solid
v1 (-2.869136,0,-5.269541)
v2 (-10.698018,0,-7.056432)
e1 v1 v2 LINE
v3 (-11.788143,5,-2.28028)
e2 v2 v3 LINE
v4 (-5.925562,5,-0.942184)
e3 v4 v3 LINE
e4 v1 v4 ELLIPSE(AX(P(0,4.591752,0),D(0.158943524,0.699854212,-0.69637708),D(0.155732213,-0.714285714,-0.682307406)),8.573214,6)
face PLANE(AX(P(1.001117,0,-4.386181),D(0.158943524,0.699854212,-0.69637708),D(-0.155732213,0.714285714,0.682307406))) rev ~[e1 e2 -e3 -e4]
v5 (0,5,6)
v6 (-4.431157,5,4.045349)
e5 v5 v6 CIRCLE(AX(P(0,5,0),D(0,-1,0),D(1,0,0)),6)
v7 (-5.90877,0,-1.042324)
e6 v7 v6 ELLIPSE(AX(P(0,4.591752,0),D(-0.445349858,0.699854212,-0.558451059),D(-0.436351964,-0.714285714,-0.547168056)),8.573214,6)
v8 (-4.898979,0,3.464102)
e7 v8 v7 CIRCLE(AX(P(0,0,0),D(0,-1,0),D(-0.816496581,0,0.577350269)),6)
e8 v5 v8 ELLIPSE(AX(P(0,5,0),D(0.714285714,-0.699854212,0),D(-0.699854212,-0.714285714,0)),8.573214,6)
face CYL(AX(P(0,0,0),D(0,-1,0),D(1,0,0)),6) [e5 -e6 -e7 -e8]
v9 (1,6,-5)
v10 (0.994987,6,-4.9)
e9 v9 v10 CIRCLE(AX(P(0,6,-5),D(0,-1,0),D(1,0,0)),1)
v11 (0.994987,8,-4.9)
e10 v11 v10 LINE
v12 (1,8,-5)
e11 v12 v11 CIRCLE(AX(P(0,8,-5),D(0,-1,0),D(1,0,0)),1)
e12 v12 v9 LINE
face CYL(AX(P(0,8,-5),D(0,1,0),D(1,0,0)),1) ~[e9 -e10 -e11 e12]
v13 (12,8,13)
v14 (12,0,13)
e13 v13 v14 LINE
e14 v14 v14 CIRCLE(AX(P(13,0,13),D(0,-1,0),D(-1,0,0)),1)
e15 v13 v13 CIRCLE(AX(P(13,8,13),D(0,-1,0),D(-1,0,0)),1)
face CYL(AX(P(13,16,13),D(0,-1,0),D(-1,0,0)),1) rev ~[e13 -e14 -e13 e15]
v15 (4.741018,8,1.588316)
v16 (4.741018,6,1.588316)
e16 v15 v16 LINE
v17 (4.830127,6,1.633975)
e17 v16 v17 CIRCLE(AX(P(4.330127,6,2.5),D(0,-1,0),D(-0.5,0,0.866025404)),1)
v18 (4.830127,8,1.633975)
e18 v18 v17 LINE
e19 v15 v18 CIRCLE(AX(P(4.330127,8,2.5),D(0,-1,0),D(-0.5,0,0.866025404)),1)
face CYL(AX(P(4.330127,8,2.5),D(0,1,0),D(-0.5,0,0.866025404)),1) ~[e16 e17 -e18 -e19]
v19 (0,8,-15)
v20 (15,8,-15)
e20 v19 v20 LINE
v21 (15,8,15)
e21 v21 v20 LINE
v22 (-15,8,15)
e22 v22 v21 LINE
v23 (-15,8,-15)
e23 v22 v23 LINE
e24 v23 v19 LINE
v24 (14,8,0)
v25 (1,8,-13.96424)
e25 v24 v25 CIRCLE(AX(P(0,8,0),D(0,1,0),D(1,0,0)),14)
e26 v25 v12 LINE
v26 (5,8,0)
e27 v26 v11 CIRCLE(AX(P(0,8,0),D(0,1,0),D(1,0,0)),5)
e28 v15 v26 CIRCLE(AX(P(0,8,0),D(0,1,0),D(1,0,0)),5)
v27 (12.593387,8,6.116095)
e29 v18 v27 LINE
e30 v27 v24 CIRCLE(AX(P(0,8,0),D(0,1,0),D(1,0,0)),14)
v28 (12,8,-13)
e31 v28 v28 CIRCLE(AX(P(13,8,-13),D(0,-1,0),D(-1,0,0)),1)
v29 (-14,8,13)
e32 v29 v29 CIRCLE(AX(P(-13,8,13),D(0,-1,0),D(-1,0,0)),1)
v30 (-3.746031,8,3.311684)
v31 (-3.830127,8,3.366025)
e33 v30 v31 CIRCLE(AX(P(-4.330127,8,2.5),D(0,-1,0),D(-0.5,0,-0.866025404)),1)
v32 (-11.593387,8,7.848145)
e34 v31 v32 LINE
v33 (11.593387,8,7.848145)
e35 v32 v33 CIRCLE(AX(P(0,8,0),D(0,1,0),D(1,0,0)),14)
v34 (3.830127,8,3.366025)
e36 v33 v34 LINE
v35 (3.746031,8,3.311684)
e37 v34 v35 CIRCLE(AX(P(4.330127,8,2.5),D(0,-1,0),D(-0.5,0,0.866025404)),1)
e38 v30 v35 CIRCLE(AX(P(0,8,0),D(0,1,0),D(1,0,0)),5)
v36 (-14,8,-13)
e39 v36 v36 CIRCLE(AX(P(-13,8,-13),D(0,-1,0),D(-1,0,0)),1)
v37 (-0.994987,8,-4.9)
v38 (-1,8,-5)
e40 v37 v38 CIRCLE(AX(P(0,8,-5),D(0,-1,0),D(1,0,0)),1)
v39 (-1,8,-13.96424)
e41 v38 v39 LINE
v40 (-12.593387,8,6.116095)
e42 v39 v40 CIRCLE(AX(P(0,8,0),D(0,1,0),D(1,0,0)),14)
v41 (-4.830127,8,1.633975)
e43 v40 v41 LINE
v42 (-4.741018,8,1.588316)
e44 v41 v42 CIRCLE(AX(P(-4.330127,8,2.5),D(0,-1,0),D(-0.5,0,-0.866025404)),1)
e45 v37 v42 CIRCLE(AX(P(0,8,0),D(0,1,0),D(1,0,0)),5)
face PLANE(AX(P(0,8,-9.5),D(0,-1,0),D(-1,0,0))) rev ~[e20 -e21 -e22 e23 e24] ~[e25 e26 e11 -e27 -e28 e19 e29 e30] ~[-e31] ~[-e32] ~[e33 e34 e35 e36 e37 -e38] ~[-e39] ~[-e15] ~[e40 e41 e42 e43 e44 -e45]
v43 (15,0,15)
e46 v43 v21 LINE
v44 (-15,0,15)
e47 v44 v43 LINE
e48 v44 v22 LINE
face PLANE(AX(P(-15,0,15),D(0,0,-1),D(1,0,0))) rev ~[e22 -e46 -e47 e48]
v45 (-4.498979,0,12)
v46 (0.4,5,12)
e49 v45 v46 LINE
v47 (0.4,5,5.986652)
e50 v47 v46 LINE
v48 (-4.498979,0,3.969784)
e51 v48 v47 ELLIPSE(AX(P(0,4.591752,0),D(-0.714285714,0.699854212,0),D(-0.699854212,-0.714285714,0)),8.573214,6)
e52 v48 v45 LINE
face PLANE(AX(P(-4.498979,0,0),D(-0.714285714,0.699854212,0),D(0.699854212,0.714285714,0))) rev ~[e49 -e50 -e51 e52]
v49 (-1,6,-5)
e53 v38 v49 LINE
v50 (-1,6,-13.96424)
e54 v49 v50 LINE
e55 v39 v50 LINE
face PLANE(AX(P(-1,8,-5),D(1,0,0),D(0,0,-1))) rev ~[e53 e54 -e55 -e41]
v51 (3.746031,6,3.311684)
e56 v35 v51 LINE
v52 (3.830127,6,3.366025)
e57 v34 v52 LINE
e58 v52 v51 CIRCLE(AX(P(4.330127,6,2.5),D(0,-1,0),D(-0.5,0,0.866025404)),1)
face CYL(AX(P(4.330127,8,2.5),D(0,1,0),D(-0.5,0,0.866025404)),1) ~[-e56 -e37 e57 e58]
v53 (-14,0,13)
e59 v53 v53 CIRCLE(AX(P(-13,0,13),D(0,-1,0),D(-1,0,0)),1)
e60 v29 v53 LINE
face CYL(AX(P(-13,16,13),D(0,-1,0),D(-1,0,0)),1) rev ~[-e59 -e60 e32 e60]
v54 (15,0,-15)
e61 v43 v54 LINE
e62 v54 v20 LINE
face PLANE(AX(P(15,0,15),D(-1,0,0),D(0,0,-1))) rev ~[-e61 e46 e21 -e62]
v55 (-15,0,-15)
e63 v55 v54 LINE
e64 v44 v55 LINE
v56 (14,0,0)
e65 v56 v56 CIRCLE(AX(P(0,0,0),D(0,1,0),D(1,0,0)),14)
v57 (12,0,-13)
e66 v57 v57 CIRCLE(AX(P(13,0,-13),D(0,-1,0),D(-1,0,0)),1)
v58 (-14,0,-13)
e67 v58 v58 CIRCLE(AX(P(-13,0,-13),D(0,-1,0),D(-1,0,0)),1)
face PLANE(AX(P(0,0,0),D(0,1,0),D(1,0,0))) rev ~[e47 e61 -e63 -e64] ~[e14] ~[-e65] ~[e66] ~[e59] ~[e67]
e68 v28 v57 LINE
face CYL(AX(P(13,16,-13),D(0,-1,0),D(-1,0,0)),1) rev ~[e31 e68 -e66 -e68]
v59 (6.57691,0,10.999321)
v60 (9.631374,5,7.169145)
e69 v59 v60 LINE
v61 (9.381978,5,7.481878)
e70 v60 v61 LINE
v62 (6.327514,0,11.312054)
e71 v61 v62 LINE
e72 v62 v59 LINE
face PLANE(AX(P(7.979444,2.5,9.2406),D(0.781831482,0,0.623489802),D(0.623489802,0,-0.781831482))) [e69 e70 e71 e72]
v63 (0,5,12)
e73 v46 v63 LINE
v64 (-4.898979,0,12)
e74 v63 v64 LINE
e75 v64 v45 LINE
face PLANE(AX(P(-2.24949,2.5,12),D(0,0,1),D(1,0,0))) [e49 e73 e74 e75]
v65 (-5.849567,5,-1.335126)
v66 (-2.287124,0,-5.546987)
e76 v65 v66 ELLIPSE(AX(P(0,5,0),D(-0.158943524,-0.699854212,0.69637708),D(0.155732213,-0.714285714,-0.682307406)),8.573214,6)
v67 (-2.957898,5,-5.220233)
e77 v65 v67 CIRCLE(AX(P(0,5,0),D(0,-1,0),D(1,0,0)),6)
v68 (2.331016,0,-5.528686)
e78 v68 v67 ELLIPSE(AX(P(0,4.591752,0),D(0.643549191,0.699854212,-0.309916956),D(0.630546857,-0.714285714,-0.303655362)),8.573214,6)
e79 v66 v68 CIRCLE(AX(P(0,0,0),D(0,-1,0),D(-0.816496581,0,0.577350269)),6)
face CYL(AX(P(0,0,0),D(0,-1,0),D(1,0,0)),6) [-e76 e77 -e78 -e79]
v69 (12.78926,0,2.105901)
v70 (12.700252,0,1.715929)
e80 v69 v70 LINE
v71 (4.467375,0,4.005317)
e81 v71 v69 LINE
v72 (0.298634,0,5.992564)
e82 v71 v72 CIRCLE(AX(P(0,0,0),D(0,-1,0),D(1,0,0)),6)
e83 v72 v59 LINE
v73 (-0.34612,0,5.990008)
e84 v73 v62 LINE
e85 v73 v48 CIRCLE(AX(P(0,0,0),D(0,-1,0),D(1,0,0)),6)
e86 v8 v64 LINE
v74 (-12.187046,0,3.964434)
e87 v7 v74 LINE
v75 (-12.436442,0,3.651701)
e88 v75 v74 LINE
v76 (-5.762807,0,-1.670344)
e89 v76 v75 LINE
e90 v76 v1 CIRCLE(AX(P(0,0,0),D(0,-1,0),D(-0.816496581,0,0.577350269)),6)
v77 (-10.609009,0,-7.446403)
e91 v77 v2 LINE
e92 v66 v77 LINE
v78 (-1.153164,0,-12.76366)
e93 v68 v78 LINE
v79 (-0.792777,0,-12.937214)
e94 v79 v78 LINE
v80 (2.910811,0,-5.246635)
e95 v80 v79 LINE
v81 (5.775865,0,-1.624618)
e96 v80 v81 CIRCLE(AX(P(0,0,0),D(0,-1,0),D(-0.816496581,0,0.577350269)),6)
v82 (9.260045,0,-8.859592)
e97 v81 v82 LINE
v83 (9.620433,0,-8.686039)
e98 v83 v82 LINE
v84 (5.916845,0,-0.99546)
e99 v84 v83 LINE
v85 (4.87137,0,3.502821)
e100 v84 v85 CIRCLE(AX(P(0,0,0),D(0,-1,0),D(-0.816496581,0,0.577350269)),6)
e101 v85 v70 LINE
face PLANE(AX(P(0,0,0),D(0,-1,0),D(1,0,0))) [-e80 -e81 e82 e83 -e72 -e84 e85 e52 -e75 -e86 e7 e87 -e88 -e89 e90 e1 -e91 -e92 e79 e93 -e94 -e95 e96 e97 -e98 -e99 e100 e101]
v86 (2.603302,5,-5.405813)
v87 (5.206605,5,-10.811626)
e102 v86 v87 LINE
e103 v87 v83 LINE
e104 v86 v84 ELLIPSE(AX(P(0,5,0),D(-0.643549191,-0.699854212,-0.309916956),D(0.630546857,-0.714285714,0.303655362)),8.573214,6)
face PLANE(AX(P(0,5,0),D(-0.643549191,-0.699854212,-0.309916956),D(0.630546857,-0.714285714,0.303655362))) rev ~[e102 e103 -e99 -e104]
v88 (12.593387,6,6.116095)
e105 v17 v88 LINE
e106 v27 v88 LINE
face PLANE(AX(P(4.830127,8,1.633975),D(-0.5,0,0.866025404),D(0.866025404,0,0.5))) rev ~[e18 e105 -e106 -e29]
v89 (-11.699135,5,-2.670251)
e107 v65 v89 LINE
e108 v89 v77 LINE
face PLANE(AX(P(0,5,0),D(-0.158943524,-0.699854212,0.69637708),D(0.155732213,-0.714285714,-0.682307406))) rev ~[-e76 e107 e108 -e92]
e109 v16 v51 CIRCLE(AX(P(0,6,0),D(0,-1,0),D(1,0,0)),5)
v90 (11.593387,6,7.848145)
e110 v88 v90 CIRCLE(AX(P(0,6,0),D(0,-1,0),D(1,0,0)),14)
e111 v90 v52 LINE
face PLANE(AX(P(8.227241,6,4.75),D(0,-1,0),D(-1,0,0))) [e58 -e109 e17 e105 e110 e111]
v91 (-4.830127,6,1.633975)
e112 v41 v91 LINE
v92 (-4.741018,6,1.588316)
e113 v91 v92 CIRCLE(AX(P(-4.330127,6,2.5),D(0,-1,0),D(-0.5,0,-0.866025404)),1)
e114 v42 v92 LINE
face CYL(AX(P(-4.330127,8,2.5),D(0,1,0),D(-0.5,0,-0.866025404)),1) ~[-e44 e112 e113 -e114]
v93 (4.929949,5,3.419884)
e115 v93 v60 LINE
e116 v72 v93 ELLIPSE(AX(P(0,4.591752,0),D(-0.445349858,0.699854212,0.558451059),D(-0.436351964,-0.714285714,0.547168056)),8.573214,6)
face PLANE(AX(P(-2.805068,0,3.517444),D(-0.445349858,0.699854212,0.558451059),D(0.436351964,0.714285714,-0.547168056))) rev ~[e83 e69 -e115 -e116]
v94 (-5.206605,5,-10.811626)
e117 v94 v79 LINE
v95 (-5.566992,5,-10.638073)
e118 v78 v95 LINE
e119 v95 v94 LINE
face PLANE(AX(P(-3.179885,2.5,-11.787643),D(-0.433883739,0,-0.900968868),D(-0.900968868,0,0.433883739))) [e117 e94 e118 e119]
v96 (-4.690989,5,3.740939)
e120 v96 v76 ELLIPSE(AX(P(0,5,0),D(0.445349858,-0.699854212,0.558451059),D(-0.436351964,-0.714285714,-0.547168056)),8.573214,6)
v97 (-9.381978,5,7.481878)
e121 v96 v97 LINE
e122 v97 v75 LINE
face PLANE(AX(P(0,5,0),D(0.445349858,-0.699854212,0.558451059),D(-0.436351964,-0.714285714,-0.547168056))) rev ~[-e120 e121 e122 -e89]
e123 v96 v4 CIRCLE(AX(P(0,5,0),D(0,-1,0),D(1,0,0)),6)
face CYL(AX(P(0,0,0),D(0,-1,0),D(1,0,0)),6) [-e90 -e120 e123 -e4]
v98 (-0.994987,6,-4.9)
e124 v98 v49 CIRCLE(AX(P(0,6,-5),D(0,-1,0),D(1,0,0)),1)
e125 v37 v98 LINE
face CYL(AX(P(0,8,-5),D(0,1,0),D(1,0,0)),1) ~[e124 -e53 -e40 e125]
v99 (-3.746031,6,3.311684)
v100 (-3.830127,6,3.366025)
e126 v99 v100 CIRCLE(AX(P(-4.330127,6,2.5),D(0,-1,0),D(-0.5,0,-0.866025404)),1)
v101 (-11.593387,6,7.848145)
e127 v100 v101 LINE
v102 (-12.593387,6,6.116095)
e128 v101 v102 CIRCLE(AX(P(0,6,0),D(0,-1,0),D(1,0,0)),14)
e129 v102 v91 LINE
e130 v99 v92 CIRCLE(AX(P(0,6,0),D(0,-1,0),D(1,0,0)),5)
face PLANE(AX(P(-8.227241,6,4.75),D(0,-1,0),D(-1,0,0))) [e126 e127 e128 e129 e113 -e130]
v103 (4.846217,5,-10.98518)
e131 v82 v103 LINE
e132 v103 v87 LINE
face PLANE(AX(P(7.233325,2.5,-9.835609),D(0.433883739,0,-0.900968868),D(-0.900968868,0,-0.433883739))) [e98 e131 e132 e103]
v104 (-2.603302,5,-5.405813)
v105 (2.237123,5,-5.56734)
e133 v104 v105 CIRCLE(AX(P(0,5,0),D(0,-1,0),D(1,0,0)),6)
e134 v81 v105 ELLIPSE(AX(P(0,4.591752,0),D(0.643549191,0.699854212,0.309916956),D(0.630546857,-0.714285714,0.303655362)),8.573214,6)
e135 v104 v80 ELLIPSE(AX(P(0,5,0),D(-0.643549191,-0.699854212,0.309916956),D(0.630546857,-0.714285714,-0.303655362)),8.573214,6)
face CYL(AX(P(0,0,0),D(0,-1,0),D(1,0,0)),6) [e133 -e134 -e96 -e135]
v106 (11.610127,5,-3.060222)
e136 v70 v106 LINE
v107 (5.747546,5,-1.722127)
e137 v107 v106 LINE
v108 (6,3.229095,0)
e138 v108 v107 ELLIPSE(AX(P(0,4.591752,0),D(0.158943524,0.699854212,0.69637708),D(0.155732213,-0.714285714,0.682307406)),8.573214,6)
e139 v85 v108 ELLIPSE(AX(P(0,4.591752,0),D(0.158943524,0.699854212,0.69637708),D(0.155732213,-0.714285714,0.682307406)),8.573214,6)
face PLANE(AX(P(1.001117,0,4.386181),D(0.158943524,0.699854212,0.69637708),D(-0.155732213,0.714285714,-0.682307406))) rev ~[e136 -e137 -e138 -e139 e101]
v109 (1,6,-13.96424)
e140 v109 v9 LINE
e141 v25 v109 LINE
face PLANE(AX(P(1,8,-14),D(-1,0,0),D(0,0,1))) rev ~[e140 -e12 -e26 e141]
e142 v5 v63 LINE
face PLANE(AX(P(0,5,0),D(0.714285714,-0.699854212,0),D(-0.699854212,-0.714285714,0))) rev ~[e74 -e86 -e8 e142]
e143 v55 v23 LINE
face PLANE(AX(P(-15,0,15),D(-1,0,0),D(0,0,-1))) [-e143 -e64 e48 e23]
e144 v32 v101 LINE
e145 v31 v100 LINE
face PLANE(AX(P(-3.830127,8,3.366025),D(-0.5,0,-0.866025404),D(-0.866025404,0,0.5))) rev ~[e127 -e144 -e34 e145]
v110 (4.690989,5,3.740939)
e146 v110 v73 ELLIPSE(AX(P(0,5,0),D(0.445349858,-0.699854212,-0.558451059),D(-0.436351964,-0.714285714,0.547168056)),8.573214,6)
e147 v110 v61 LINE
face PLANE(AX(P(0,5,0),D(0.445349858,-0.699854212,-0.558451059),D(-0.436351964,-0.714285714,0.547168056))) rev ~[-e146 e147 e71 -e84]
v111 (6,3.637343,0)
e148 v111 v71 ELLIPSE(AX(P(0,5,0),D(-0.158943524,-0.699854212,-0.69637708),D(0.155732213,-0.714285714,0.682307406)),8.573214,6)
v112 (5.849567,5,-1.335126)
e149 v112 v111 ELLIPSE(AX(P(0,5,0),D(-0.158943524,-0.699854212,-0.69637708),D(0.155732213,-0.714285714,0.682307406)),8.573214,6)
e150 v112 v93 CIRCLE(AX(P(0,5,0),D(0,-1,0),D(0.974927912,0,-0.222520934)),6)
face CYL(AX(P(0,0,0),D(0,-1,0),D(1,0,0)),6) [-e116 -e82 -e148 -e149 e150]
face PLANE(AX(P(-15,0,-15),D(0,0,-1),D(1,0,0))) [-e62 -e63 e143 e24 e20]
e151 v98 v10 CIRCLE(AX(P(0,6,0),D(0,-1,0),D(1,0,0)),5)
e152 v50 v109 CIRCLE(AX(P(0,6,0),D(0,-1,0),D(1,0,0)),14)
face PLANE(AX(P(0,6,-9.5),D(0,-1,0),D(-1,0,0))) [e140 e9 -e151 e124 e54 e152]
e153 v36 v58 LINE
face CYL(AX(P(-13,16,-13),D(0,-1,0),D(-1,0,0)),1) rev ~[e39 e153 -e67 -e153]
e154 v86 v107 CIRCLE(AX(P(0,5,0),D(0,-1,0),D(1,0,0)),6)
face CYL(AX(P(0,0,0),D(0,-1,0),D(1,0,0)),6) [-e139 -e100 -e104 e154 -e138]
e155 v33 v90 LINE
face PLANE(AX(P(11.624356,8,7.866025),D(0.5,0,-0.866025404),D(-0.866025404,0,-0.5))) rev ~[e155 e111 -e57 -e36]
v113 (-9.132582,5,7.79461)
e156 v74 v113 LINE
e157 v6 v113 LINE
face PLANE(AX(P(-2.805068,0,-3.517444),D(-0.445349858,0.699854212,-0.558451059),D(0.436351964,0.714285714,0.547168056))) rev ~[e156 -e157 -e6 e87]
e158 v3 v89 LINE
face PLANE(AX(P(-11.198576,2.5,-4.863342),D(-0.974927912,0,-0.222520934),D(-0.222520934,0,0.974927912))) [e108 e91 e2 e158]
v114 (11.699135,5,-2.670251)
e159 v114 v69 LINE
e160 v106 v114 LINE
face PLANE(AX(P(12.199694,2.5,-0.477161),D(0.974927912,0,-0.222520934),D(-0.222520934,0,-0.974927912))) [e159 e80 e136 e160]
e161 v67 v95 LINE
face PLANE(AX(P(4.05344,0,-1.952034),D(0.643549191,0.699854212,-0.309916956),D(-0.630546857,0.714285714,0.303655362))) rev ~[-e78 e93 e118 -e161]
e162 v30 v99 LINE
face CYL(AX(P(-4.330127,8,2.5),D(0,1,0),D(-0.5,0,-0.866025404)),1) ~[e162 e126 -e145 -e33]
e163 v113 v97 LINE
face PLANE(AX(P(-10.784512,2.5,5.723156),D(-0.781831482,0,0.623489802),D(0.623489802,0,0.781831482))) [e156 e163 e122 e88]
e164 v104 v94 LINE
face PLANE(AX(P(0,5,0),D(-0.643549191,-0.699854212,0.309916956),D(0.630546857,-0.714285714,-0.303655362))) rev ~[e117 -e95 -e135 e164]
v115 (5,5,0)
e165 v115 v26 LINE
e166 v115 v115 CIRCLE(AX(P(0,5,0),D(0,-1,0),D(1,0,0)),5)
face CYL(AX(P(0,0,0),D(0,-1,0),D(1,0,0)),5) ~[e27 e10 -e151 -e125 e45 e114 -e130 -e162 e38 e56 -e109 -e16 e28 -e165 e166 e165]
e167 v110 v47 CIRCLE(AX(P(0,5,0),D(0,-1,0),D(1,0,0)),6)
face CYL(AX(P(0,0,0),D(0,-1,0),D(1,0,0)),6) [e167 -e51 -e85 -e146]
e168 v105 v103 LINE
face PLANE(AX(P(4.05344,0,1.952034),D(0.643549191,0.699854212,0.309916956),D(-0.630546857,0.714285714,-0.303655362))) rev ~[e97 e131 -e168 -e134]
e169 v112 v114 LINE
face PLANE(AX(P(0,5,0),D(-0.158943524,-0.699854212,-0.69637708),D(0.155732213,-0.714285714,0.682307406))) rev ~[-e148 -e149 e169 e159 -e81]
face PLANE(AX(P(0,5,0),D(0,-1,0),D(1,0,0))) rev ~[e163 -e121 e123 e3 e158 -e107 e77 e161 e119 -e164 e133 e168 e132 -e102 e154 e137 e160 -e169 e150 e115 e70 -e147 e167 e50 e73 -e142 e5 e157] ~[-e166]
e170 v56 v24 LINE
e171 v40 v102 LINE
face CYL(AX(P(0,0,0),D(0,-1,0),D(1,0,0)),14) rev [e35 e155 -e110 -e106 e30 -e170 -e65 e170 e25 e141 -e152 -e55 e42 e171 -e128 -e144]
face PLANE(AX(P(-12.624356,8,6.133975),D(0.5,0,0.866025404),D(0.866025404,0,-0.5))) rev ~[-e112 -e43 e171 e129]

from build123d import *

# Parameters (mm, degrees)
SKETCH1_W                 = 30
SKETCH1_H                 = 30
SKETCH1_R                 = 14
BOSS_EXTRUDE1_DEPTH       = 8
SKETCH2_R                 = 5
BOSS_EXTRUDE2_DEPTH       = 8
BOSS_EXTRUDE3_DEPTH       = 2
F_2_0MM_DOWEL_HOLE1_D     = 2
F_2_0MM_DOWEL_HOLE1_DEPTH = 8
SKETCH7_R                 = 6
BOSS_EXTRUDE4_DEPTH       = 5
BOSS_EXTRUDE5_DEPTH       = 12
CIRPATTERN1_COUNT         = 7


with BuildPart() as part:
    # Sketch1 → Boss-Extrude1 (new body)
    with BuildSketch(Plane(origin=(0, 0, 0), x_dir=(1, 0, 0), z_dir=(0, 1, 0))):
        Rectangle(SKETCH1_W, SKETCH1_H)
        Circle(SKETCH1_R, mode=Mode.SUBTRACT)
    extrude(amount=BOSS_EXTRUDE1_DEPTH)



with BuildPart() as body_2:
    # Sketch2 → Boss-Extrude2 (new body)
    with BuildSketch(Plane(origin=(0, 0, 0), x_dir=(1, 0, 0), z_dir=(0, 1, 0))):
        Circle(SKETCH2_R)
    extrude(amount=BOSS_EXTRUDE2_DEPTH)


with BuildPart() as part_1:
    add(part.part)

    add(body_2.part)  # Boss-Extrude3 merges body 2
    # Sketch3 → Boss-Extrude3 (add)
    with BuildSketch(Plane(origin=(0, 8, 0), x_dir=(1, 0, 0), z_dir=(0, 1, 0))):
        with BuildLine():
            Line((-1, 5), (-1, 14))
            ThreePointArc((-1, 14), (0, 15), (1, 14))
            Line((1, 14), (1, 5))
            ThreePointArc((1, 5), (0, 4), (-1, 5))
        make_face()
        with BuildLine():
            Line((-3.830127019, -3.366025404), (-11.624355653, -7.866025404))
            ThreePointArc((-11.624355653, -7.866025404), (-12.990381057, -7.5), (-12.624355653, -6.133974596))
            Line((-12.624355653, -6.133974596), (-4.830127019, -1.633974596))
            ThreePointArc((-4.830127019, -1.633974596), (-3.464101615, -2), (-3.830127019, -3.366025404))
        make_face()
        with BuildLine():
            Line((4.830127019, -1.633974596), (12.624355653, -6.133974596))
            ThreePointArc((12.624355653, -6.133974596), (12.990381057, -7.5), (11.624355653, -7.866025404))
            Line((11.624355653, -7.866025404), (3.830127019, -3.366025404))
            ThreePointArc((3.830127019, -3.366025404), (3.464101615, -2), (4.830127019, -1.633974596))
        make_face()
    extrude(amount=-BOSS_EXTRUDE3_DEPTH)

    # Ø2.0mm Dowel Hole1
    with Locations(Plane(origin=(0, 8, 0), x_dir=(1, 0, 0), z_dir=(0, 1, 0))):
        with Locations((13, 13), (-13, 13), (-13, -13), (13, -13)):
            Hole(F_2_0MM_DOWEL_HOLE1_D / 2, depth=F_2_0MM_DOWEL_HOLE1_DEPTH)

    # Sketch7 → Boss-Extrude4 (add)
    with BuildSketch(Plane.XZ):
        Circle(SKETCH7_R)
    extrude(amount=-BOSS_EXTRUDE4_DEPTH)

    # Sketch9 → Boss-Extrude5 (add)
    with BuildSketch(Plane.XY):
        Polygon((0, 5), (-4.898979486, 0), (-4.498979486, 0), (0.4, 5), align=None)
    boss_extrude5 = extrude(amount=BOSS_EXTRUDE5_DEPTH)

    # CirPattern1: Boss-Extrude5 ×7 about axis
    cirpattern1_axis = Axis((0, 0, 0), (0, 1, 0))
    for i in range(1, CIRPATTERN1_COUNT):
        add(boss_extrude5.rotate(cirpattern1_axis, i * 360 / CIRPATTERN1_COUNT))


solid = part_1.part
